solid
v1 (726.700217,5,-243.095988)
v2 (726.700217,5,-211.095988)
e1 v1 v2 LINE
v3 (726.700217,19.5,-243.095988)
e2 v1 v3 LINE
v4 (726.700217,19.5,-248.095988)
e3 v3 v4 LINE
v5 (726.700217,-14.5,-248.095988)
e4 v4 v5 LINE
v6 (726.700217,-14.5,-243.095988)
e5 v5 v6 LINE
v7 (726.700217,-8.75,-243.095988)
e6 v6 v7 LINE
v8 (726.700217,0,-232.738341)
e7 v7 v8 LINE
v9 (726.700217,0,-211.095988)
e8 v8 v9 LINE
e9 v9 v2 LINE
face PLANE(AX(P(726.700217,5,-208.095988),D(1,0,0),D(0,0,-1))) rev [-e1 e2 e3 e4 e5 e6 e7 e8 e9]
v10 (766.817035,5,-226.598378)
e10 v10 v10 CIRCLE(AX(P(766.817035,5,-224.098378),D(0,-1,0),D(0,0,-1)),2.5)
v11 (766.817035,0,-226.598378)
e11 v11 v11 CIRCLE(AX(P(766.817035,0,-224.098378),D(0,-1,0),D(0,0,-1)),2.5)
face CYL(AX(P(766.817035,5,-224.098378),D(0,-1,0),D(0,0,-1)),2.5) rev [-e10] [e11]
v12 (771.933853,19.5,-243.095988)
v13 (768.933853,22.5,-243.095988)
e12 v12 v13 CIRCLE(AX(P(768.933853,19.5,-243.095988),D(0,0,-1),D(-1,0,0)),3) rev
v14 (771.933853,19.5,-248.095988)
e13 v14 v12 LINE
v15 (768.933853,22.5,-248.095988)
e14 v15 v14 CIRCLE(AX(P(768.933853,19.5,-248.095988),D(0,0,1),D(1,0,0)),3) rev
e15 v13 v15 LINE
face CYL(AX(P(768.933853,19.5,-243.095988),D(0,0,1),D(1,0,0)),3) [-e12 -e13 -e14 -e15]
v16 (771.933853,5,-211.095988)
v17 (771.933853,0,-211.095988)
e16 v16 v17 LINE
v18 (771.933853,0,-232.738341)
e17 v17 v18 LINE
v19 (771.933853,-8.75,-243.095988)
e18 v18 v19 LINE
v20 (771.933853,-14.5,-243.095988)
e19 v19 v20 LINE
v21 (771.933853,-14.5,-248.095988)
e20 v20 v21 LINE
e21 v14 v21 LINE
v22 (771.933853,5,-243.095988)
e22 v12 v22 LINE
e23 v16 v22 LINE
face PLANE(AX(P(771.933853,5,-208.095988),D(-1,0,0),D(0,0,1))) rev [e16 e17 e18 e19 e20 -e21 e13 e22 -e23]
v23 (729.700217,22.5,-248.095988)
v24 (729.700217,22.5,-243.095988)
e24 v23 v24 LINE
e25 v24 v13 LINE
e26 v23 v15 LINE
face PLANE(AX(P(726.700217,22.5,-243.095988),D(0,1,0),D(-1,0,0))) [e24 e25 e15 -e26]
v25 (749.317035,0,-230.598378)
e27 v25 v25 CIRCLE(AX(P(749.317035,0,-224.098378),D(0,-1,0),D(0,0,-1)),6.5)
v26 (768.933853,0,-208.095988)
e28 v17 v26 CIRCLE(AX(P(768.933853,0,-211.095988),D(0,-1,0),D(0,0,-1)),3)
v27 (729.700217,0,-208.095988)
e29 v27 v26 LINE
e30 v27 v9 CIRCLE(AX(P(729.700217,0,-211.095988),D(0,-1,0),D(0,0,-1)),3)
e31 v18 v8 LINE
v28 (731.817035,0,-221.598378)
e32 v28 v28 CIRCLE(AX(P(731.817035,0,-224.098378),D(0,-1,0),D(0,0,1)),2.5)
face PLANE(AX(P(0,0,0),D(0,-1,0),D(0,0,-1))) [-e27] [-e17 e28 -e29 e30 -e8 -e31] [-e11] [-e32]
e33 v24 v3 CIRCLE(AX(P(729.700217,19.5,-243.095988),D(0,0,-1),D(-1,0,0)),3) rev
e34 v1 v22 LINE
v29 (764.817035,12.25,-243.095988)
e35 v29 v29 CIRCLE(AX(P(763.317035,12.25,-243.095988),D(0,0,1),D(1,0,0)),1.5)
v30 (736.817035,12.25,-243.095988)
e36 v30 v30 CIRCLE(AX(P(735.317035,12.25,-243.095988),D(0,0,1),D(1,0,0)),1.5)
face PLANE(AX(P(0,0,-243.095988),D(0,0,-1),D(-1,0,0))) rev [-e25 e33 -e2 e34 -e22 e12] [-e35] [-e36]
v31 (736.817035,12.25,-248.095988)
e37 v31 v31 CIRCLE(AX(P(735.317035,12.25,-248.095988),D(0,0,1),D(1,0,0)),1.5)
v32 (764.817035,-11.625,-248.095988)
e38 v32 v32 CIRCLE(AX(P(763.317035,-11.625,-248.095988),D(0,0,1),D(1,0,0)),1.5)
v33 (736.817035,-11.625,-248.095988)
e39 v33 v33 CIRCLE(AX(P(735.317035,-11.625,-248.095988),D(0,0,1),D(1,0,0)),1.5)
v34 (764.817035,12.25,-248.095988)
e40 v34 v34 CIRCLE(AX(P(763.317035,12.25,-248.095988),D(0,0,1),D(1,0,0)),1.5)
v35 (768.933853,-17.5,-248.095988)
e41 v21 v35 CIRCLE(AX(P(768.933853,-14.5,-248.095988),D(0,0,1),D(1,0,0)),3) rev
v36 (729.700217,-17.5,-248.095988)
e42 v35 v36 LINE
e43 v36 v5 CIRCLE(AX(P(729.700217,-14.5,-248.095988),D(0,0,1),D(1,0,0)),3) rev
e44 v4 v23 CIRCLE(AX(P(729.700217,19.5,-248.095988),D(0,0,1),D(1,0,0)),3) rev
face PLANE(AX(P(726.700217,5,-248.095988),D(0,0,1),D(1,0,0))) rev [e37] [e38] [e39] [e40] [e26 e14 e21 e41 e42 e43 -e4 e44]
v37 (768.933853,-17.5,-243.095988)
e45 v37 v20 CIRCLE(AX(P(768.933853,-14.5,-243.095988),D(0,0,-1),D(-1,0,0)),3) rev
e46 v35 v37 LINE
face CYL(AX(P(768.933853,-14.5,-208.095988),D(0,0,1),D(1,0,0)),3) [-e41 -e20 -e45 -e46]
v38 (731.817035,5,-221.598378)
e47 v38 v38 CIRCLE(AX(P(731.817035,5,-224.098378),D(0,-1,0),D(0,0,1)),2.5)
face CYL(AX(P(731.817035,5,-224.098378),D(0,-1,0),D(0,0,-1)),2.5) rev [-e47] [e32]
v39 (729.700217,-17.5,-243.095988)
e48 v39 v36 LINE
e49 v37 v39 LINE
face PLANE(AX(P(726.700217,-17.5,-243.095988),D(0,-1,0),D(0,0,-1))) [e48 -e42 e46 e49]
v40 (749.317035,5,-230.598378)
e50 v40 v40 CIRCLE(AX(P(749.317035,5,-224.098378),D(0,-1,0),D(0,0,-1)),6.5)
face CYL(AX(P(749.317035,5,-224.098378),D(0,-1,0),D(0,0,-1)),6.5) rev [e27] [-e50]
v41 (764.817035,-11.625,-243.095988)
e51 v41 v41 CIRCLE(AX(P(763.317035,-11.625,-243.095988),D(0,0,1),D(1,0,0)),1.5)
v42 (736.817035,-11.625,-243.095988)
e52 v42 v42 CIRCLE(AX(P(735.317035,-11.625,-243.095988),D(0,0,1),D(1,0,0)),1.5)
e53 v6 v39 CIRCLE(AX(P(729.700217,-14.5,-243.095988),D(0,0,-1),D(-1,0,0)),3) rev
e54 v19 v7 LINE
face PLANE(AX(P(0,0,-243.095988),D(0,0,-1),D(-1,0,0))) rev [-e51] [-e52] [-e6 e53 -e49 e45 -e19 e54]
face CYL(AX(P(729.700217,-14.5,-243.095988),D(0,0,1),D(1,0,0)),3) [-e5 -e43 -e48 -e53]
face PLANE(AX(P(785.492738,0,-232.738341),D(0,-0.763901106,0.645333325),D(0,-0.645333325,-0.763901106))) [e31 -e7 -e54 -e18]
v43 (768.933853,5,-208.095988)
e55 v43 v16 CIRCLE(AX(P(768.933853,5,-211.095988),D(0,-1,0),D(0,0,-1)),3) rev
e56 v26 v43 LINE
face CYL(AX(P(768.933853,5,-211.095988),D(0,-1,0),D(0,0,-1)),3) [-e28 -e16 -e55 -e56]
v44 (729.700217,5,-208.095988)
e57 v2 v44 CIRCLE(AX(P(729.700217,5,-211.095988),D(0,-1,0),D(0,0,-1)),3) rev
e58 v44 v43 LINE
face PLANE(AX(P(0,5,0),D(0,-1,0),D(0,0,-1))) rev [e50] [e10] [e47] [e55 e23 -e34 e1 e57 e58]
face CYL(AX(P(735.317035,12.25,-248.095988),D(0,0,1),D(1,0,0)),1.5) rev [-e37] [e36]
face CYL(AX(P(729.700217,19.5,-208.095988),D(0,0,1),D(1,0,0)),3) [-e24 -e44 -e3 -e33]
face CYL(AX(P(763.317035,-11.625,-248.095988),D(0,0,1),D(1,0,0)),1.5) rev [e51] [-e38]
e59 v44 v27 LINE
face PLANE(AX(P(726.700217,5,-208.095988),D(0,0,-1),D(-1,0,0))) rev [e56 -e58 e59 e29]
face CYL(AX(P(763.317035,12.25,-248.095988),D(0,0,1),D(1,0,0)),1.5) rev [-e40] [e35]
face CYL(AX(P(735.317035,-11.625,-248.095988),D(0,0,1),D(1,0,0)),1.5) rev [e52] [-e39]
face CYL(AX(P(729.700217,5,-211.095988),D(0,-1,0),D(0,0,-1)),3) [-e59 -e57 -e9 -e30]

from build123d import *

# Parameters (mm, degrees)
SKETCH_1_W          = 45.233636601
SKETCH_1_H          = 40
EXTRUDE_1_DEPTH     = 5
SKETCH_2_R          = 2.5
SKETCH_2_R_2        = 6.5
CUT_EXTRUDE_1_DEPTH = 6
SKETCH_3_W          = 45.2336366
SKETCH_3_H          = 40
EXTRUDE_2_DEPTH     = 5
EXTRUDE_3_DEPTH     = 45.233637
FILLET_1_R          = 3
FILLET_3_R          = 3
SKETCH_5_R          = 1.5
CUT_EXTRUDE_2_DEPTH = 6


with BuildPart() as part:
    # 草图1 → 凸台-拉伸1 (new body)
    with BuildSketch(Plane(origin=(-84.851927107, 0, -36.561705941), x_dir=(1, 0, 0), z_dir=(0, 1, 0))):
        with Locations((834.168962127, 191.534282172)):
            Rectangle(SKETCH_1_W, SKETCH_1_H)
    extrude(amount=EXTRUDE_1_DEPTH)

    # 草图2 → 切除-拉伸1 (cut, through all)
    with BuildSketch(Plane(origin=(0, 0, 0), x_dir=(-1, 0, 0), z_dir=(0, -1, 0))):
        with Locations((-766.81703502, 224.098378246)):
            Circle(SKETCH_2_R)
        with Locations((-731.81703502, 224.098378246)):
            Circle(SKETCH_2_R)
        with Locations((-749.31703502, 224.098378246)):
            Circle(SKETCH_2_R_2)
    extrude(amount=-CUT_EXTRUDE_1_DEPTH, mode=Mode.SUBTRACT)

    # 草图3 → 凸台-拉伸2 (add)
    with BuildSketch(Plane(origin=(0, 0, -248.095988113), x_dir=(-1, 0, 0), z_dir=(0, 0, -1))):
        with Locations((-749.31703502, 2.5)):
            Rectangle(SKETCH_3_W, SKETCH_3_H)
    extrude(amount=-EXTRUDE_2_DEPTH)

    # 草图4 → 凸台-拉伸3 (add)
    with BuildSketch(Plane.ZY.offset(-726.70021672)):
        Polygon((-232.73834126, 0), (-243.095988113, -8.75), (-243.095988113, 0), align=None)
    extrude(amount=-EXTRUDE_3_DEPTH)

    # 圆角1
    fillet_1_edges = [part.edges().sort_by_distance(p)[0] for p in [
        (771.93385332, 2.5, -208.095988113),
        (726.70021672, 2.5, -208.095988113),
    ]]
    fillet(fillet_1_edges, radius=FILLET_1_R)

    # 圆角3
    fillet_3_edges = [part.edges().sort_by_distance(p)[0] for p in [
        (726.70021672, 22.5, -245.595988113),
        (771.93385332, -17.5, -245.595988113),
        (771.93385332, 22.5, -245.595988113),
        (726.70021672, -17.5, -245.595988113),
    ]]
    fillet(fillet_3_edges, radius=FILLET_3_R)

    # 草图5 → 切除-拉伸2 (cut, through all)
    with BuildSketch(Plane.XY.offset(-243.095988113)):
        with Locations((763.31703502, 12.25)):
            Circle(SKETCH_5_R)
        with Locations((763.31703502, -11.625)):
            Circle(SKETCH_5_R)
        with Locations((735.31703502, -11.625)):
            Circle(SKETCH_5_R)
        with Locations((735.31703502, 12.25)):
            Circle(SKETCH_5_R)
    extrude(amount=-CUT_EXTRUDE_2_DEPTH, mode=Mode.SUBTRACT)


solid = part.part
